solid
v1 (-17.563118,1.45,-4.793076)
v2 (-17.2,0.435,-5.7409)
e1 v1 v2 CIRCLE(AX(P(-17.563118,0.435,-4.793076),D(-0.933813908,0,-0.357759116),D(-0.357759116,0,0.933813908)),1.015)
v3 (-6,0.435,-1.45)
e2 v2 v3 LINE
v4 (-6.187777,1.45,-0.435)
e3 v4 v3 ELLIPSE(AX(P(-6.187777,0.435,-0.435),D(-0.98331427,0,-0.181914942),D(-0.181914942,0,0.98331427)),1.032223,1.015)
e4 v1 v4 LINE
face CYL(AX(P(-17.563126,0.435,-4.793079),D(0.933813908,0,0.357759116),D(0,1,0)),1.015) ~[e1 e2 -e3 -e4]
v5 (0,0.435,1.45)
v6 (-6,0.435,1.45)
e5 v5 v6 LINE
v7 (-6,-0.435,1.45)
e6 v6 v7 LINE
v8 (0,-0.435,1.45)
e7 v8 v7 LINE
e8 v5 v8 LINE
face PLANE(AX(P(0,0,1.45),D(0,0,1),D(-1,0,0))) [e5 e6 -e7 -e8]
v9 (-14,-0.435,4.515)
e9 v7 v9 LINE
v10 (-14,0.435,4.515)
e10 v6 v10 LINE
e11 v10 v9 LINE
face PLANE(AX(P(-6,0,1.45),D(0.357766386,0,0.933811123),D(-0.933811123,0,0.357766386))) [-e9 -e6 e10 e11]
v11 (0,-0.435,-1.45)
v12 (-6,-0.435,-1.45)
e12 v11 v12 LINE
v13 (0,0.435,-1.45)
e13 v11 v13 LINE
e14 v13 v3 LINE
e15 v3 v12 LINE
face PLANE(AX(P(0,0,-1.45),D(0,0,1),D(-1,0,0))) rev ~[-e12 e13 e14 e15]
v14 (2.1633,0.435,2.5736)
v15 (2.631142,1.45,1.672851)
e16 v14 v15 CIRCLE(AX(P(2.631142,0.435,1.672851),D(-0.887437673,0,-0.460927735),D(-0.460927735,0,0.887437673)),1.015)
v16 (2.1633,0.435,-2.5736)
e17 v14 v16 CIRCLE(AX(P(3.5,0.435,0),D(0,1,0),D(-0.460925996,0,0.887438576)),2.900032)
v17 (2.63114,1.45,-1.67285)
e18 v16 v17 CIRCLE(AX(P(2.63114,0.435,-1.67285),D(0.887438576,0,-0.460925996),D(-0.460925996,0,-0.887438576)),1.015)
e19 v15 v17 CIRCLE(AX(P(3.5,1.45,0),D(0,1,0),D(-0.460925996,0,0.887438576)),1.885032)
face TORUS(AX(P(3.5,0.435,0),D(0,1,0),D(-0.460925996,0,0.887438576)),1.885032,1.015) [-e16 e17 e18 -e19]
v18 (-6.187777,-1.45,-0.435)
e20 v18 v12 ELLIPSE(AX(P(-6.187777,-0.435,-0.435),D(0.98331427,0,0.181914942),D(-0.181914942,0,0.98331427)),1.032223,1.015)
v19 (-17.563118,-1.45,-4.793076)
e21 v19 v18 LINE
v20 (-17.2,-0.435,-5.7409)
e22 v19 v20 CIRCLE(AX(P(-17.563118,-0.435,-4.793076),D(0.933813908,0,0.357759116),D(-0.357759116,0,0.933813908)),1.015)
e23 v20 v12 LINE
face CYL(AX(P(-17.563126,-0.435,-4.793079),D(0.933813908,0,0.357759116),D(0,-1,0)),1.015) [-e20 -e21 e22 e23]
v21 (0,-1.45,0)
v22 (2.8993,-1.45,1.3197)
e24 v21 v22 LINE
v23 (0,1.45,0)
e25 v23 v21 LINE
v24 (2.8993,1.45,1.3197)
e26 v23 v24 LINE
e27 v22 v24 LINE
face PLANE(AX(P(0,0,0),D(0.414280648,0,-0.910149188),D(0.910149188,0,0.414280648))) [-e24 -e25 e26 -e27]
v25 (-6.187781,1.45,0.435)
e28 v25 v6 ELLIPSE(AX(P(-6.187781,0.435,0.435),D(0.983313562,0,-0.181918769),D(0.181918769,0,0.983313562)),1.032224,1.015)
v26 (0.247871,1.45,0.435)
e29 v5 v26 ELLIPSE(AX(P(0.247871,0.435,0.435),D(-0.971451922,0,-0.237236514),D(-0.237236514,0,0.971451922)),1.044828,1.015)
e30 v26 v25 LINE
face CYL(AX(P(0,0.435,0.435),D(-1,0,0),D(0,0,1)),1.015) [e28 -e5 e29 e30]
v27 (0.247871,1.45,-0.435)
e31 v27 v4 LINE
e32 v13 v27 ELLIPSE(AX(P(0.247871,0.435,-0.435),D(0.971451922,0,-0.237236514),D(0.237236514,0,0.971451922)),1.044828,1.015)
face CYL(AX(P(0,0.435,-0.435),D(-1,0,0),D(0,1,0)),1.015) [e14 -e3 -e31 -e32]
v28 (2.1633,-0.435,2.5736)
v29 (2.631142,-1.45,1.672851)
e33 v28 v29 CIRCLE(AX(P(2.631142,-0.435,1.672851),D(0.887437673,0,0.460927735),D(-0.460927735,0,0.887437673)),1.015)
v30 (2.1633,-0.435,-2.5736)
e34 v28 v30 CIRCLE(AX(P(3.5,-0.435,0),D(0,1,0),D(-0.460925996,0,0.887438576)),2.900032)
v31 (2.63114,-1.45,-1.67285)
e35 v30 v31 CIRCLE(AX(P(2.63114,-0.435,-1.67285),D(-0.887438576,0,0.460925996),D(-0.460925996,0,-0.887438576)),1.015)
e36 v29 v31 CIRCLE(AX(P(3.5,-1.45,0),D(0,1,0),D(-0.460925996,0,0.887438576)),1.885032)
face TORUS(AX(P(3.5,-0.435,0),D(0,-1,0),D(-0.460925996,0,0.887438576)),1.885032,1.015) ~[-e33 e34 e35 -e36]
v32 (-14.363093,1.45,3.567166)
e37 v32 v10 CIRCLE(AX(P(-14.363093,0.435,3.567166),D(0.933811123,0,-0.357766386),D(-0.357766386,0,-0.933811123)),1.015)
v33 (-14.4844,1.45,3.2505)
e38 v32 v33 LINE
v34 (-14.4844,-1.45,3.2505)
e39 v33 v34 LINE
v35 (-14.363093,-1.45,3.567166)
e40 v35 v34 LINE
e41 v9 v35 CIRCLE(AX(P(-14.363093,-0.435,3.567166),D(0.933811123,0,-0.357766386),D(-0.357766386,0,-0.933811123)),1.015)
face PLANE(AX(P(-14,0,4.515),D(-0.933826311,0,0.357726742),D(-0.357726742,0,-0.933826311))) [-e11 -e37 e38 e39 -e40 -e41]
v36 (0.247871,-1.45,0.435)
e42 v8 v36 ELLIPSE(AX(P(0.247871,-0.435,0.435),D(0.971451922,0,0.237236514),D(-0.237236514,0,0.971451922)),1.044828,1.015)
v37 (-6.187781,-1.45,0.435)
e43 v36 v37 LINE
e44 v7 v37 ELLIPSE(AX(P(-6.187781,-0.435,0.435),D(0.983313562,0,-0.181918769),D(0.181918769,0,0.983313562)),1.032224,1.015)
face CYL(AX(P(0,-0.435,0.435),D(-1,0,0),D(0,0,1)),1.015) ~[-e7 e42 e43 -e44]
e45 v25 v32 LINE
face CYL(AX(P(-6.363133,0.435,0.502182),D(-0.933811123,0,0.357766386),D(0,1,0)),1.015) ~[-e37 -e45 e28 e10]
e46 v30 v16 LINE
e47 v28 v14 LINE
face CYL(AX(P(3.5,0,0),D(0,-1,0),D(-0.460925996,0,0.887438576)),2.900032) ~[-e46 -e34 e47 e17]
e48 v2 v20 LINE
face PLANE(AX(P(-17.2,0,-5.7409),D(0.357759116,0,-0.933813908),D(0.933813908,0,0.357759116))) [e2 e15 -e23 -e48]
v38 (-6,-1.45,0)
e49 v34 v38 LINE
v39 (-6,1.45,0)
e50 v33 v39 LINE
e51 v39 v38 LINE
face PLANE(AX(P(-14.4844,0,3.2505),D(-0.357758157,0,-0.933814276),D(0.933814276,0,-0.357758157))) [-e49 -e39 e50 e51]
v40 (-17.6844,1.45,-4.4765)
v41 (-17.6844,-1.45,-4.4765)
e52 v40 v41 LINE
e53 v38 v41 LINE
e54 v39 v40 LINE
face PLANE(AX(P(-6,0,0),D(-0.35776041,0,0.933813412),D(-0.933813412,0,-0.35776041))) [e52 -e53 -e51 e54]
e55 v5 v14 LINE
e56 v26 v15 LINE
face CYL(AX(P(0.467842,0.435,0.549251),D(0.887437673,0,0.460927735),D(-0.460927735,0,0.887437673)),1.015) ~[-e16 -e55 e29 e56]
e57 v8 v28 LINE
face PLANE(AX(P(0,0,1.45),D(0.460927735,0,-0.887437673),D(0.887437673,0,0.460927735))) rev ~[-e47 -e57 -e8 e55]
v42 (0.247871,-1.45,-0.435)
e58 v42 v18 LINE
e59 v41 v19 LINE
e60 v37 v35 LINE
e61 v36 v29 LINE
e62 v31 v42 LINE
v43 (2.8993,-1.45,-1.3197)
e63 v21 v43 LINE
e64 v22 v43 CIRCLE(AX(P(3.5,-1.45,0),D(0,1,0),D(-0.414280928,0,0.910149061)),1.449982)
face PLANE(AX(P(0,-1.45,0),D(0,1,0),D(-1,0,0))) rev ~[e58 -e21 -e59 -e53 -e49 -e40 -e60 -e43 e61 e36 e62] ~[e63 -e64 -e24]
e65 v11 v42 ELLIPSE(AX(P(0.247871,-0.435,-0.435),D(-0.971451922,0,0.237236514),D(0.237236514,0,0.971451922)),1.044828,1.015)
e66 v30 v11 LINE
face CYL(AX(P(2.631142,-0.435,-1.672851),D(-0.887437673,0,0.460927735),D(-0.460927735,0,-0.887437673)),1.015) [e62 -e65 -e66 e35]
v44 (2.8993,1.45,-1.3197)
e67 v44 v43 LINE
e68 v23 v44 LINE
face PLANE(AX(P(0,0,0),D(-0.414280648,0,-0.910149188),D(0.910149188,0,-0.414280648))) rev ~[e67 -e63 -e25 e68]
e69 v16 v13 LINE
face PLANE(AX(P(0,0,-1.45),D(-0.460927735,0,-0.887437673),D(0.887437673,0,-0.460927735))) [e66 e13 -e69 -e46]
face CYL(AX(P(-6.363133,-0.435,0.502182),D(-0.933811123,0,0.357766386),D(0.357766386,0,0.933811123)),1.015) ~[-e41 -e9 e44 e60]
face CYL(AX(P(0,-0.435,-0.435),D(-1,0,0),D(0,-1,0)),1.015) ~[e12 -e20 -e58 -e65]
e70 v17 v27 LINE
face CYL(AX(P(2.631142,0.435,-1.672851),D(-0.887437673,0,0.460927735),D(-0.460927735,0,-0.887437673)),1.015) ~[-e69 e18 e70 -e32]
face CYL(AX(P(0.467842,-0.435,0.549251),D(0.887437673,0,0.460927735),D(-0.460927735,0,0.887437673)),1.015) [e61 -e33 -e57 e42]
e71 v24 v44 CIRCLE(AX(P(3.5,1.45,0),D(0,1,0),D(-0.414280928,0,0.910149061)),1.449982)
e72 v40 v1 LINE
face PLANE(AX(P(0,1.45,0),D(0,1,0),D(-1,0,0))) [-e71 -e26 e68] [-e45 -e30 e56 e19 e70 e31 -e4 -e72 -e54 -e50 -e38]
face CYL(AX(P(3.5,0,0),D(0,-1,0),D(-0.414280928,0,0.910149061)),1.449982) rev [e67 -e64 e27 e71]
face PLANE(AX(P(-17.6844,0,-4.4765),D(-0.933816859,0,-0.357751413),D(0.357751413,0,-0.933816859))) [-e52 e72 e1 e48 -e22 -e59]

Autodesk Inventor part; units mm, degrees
ref_plane "YZ Plane" through (0, 0, 0) normal (1, 0, 0) x (0, 1, 0)
sketch "Skizze1" plane through (0, 0, 0) normal (0, 1, 0) x (-1, 0, 0)
  arc A0 (-2.1633, 2.5736) -> (-2.1633, -2.5736) centre (-3.5, 0) ccw
  arc A1 (-2.8993, 1.3197) -> (-2.8993, -1.3197) centre (-3.5, 0) ccw
  line L0 (0, 1.45) -> (6, 1.45)
  line L1 (0, -1.45) -> (6, -1.45)
  line L2 (6, 1.45) -> (14, 4.515)
  line L3 (14, 4.515) -> (14.4844, 3.2505)
  line L4 (14.4844, 3.2505) -> (6, 0)
  line L5 (6, 0) -> (17.6844, -4.4765)
  line L6 (17.6844, -4.4765) -> (17.2, -5.7409)
  line L7 (17.2, -5.7409) -> (6, -1.45)
  line L8 (0, 0) -> (-2.8993, -1.3197)
  line L9 (0, 0) -> (-2.8993, 1.3197)
  line L10 (0, 1.45) -> (0, -1.45) construction
  line L11 (0, 1.45) -> (-2.1633, 2.5736)
  line L12 (0, -1.45) -> (-2.1633, -2.5736)
  line L13 (-6.4, 0) -> (6, 0) construction
  line L14 (6, 1.45) -> (6, -1.45) construction
  dimension "d0" = 6
  dimension "d1" = 14
  dimension "d2" = 159.037
  dimension "d3" = 159.037
  dimension "d4" = 3.2
  dimension "d5" = 1.45
  dimension "d6" = 2.9
  dimension "d7" = 1.45
  dimension "d8" = 1.45
  dimension "d9" = 3.5
extrude "Körper" add sketch "Skizze1" along normal mid plane 2.9
fillet "Rundung" radius 1.015 14 edges at (-10, -1.45, 2.9825) (-10, 1.45, 2.9825) (-3, -1.45, 1.45) (-3, 1.45, 1.45) (6.4, -1.45, 0) (1.0817, -1.45, -2.0118) (1.0817, -1.45, 2.0118) (6.4, 1.45, 0) (1.0817, 1.45, 2.0118) (1.0817, 1.45, -2.0118) (-3, -1.45, -1.45) (-11.6, -1.45, -3.5955) (-3, 1.45, -1.45) (-11.6, 1.45, -3.5955)
ref_plane "Work Plane1" through (0, -10, 0) normal (0, 0, -1) x (0, 1, 0)
ref_plane "Work Plane3" through (0, 0, 1.45) normal (-1, 0, 0) x (0, 1, 0)
equation "\"d0\" = MSIAB"
equation "\"d1\" = SNLG"
equation "\"d4\" = LGDIF"
equation "\"d5\" = -0.5 * SNND1 + 0.5 * KBR"
equation "\"d6\" = 0.5 * KBR"
equation "\"d7\" = 0.5 * SNND1"
equation "\"d8\" = 0.5 * SNND1"
equation "\"d9\" = KOL - 0.5 * KBR"
equation "\"d10\" = SNND1"
equation "\"d12\" = 0.35 * SNND1"
equation "\"SNND\" = 3.2"
equation "\"SNLG\" = 14"
equation "\"SNND1\" = 2.9"
equation "\"KBR\" = 5.8"
equation "\"KOL\" = 6.4"
equation "\"LGDIF\" = 3.2"
equation "\"MSIAB\" = 6"
equation "\"NNDMAX\" = 14"
equation "\"DSH\" = 6"
equation "\"NNDMIN\" = 11"
properties part number "ISO 1234 - 3,2 x 14" material "Stahl"
